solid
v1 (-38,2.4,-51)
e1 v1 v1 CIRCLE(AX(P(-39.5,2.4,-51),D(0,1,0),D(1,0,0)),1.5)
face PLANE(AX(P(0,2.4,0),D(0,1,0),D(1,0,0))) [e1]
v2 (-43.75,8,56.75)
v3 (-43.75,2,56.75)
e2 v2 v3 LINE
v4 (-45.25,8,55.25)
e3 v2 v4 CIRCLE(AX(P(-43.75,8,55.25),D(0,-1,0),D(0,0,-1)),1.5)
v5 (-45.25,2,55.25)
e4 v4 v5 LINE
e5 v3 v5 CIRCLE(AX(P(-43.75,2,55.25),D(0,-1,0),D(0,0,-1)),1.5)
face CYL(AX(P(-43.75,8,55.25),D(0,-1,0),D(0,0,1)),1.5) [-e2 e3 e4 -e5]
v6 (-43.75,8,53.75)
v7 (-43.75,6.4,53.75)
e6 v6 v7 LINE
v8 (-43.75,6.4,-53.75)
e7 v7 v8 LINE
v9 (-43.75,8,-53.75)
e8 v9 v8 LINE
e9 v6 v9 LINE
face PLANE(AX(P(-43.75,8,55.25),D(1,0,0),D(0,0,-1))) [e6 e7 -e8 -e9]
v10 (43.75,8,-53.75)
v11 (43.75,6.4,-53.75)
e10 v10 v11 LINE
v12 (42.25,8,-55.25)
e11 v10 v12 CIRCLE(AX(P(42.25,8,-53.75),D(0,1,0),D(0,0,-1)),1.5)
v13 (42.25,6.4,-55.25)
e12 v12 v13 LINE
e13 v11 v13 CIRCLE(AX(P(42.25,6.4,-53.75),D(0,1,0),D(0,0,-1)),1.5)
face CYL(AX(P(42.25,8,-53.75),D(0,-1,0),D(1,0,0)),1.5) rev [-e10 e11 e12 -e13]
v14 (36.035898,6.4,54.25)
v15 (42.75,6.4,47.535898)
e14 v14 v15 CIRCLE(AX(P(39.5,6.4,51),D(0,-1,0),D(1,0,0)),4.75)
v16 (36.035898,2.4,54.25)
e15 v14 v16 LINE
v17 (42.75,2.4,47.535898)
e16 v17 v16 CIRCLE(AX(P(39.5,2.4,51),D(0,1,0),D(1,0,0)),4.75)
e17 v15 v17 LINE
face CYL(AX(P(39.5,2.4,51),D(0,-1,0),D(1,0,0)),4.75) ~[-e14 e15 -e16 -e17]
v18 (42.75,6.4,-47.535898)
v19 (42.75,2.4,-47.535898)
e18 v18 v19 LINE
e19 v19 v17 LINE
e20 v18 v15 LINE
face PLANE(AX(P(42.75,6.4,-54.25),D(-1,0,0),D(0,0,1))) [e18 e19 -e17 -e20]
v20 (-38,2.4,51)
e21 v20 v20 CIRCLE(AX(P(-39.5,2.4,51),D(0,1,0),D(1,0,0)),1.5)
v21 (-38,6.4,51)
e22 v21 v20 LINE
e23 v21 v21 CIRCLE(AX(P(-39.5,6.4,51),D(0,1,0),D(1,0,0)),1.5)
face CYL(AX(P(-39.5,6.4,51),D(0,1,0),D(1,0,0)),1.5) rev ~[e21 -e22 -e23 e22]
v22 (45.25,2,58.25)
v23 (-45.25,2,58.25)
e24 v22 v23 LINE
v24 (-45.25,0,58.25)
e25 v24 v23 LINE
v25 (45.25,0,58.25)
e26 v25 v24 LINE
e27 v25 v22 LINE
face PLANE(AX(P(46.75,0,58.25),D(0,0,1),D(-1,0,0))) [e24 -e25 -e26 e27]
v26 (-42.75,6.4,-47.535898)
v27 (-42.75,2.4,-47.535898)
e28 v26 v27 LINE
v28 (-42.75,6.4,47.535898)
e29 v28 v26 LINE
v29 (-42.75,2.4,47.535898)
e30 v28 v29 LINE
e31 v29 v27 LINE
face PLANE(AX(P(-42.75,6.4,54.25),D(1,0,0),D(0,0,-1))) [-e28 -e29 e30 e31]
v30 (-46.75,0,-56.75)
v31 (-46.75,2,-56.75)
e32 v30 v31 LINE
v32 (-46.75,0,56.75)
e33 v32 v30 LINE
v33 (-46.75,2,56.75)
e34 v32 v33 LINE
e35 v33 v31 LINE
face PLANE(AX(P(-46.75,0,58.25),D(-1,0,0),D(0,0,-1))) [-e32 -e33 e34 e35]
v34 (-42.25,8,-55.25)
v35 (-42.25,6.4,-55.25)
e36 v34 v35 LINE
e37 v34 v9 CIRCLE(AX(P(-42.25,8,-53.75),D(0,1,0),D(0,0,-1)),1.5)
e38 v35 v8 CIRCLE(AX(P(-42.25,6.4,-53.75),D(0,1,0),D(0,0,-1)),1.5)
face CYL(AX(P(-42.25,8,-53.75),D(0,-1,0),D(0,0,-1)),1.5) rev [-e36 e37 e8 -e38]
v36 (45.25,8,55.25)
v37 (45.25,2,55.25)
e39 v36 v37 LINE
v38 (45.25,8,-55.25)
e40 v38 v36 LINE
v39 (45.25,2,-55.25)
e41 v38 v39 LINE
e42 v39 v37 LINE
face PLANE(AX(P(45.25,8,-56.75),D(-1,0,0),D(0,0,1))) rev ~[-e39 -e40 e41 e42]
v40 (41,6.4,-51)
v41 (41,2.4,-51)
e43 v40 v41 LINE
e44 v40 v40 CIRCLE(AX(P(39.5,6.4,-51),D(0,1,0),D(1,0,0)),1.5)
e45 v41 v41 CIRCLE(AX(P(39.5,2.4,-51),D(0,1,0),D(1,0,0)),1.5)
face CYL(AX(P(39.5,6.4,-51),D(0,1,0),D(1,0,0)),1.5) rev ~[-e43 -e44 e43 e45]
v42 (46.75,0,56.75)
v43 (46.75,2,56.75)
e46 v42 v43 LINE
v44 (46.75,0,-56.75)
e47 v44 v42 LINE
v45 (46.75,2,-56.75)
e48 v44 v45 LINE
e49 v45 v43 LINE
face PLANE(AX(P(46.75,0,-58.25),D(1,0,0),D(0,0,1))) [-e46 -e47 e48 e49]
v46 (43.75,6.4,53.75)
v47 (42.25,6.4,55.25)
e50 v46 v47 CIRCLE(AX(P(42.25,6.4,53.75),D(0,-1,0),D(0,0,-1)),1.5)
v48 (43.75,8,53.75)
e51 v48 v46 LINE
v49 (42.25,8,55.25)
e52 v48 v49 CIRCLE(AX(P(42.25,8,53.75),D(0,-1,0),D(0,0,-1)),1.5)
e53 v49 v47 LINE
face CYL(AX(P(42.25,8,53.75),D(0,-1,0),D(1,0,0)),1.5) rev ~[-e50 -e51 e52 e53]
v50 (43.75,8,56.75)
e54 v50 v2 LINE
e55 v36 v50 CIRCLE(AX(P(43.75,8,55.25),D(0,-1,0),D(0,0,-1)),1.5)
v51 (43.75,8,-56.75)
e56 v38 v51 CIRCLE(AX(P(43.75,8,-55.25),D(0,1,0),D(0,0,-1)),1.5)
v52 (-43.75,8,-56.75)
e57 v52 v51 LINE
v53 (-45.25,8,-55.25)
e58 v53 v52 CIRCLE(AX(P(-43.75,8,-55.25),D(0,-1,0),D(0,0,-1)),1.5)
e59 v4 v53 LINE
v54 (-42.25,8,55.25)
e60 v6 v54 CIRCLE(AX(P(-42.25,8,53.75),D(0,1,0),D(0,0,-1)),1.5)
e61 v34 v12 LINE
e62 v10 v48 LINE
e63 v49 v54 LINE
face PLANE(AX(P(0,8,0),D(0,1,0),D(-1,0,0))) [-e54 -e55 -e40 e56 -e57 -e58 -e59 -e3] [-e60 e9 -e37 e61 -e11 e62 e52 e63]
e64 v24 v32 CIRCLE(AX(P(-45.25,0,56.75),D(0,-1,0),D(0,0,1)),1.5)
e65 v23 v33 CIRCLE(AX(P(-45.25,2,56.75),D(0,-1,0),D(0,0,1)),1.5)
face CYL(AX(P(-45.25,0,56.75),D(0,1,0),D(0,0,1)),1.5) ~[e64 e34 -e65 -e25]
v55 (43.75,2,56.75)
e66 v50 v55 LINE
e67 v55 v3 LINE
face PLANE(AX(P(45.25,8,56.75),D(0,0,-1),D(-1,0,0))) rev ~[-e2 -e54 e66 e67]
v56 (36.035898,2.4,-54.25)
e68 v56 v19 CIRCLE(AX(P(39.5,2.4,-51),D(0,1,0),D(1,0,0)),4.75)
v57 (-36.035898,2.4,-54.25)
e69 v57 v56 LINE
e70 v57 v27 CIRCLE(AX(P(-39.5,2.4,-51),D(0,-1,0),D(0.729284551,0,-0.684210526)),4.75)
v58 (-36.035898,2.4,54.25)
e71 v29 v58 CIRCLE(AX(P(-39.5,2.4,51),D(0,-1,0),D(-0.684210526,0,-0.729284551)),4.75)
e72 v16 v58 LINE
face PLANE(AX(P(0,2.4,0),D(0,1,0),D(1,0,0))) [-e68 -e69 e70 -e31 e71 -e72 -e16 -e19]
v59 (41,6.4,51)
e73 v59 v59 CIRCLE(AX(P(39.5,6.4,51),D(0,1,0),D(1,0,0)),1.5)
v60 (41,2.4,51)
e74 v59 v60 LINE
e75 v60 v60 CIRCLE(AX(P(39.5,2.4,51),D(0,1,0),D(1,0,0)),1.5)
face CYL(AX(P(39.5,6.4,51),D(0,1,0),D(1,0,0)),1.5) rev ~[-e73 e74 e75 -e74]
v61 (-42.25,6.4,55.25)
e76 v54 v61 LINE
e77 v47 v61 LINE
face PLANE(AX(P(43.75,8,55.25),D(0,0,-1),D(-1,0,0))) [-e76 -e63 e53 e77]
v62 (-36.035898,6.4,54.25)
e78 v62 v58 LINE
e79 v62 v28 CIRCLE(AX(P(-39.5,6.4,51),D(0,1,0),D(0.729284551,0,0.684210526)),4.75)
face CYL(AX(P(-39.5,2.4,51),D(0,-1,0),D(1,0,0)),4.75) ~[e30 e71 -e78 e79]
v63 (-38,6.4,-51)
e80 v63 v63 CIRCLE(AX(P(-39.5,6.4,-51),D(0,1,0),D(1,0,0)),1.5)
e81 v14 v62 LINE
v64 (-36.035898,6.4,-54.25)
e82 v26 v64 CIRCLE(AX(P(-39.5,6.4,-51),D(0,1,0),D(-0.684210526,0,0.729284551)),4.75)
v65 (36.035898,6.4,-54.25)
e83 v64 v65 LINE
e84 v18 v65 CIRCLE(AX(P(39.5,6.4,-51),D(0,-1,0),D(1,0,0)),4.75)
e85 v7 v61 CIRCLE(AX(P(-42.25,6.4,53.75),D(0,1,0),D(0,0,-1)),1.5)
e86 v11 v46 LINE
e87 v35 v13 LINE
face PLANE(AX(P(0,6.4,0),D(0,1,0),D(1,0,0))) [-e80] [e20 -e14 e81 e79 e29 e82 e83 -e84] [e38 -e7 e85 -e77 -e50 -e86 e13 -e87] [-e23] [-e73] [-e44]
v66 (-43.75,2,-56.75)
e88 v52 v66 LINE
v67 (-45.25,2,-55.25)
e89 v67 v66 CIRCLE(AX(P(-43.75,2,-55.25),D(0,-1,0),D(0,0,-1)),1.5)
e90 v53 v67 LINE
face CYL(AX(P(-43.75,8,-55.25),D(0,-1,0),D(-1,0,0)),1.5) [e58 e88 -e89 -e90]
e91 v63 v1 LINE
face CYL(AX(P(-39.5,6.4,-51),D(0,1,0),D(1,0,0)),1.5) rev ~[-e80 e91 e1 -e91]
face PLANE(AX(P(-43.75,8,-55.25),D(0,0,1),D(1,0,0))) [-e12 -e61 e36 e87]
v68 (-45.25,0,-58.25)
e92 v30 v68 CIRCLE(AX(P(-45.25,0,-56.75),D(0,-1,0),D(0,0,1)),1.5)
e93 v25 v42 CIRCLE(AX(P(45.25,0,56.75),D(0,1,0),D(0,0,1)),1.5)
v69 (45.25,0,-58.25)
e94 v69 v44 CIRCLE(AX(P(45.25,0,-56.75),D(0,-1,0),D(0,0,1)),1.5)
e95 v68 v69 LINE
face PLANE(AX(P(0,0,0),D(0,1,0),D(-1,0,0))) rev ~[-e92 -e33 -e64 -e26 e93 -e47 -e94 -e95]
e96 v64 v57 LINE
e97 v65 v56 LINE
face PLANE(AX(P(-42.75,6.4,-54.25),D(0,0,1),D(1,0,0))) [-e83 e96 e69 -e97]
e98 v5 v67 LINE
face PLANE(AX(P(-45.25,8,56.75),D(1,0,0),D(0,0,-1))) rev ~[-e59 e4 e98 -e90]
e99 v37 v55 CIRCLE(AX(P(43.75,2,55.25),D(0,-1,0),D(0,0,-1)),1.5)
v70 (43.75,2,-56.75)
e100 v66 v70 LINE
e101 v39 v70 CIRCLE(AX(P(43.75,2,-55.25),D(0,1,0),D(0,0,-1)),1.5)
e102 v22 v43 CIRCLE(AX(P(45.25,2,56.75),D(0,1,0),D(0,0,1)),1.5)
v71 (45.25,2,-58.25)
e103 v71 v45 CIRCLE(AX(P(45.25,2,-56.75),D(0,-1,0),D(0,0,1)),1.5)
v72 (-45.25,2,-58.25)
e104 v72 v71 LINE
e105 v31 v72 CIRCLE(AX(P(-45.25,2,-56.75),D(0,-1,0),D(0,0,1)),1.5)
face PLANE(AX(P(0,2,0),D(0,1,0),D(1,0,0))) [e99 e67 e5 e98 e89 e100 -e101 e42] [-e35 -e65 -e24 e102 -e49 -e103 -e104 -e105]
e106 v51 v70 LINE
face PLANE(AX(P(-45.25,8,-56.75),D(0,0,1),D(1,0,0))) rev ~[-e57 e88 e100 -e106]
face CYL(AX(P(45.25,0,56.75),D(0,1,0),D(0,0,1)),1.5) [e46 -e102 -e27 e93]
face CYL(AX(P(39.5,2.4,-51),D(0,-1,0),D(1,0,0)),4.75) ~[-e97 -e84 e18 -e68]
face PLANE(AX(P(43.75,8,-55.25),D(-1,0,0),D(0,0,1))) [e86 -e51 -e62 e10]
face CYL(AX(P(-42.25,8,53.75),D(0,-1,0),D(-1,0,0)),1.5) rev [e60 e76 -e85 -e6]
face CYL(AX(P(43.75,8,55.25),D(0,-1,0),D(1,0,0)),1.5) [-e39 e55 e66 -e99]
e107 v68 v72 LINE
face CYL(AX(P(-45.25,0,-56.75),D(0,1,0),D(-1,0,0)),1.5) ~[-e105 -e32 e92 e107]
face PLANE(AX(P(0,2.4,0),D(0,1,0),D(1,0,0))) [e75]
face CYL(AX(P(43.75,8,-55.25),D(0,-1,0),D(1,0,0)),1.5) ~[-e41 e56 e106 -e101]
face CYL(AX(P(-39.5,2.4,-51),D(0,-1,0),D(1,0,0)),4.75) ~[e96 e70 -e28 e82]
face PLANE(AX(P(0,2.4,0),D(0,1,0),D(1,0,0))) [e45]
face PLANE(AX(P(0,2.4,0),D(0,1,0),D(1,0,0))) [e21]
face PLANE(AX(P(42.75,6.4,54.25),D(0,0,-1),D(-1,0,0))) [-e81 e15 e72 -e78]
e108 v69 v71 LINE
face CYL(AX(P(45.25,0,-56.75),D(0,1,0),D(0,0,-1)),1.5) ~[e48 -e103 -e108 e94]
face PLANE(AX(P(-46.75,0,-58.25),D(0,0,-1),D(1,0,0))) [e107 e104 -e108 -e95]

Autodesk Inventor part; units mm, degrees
ref_plane "YZ Plane" through (0, 0, 0) normal (1, 0, 0) x (0, 1, 0)
ref_plane "XZ Plane" through (0, 0, 0) normal (0, 1, 0) x (-1, 0, 0)
ref_plane "XY Plane" through (0, 0, 0) normal (0, 0, 1) x (1, 0, 0)
sketch "Sketch1" plane through (0, 0, 0) normal (0, 1, 0) x (-1, 0, 0)
  line L0 (-46.75, 58.25) -> (46.75, 58.25)
  line L1 (46.75, 58.25) -> (46.75, -58.25)
  line L2 (46.75, -58.25) -> (-46.75, -58.25)
  line L3 (-46.75, -58.25) -> (-46.75, 58.25)
  line L4 (-46.75, 58.25) -> (46.75, -58.25) construction
  line L5 (46.75, 58.25) -> (-46.75, -58.25) construction
  point P0 (0, 0)
  dimension "d0" = 116.5
  dimension "d1" = 93.5
extrude "Extrusion1" add sketch "Sketch1" along normal blind 8
sketch "Sketch2" plane through (0, 8, 0) normal (0, 1, 0) x (1, 0, 0)
  line L0 (43.75, -55.25) -> (-43.75, -55.25)
  line L1 (-43.75, -55.25) -> (-43.75, 55.25)
  line L2 (-43.75, 55.25) -> (43.75, 55.25)
  line L3 (43.75, 55.25) -> (43.75, -55.25)
  line L4 (43.75, -55.25) -> (-43.75, 55.25) construction
  line L5 (-43.75, -55.25) -> (43.75, 55.25) construction
  point P0 (0, 0)
  dimension "d4" = 110.5
  dimension "d5" = 87.5
extrude "Extrusion2" cut sketch "Sketch2" against normal blind 1.6
sketch "Sketch3" plane through (0, 6.4, 0) normal (0, 1, 0) x (1, 0, 0)
  line L0 (42.75, -54.25) -> (-42.75, -54.25)
  line L1 (-42.75, -54.25) -> (-42.75, 54.25)
  line L2 (-42.75, 54.25) -> (42.75, 54.25)
  line L3 (42.75, 54.25) -> (42.75, -54.25)
  line L4 (42.75, -54.25) -> (-42.75, 54.25) construction
  line L5 (-42.75, -54.25) -> (42.75, 54.25) construction
  point P0 (0, 0)
  dimension "d8" = 108.5
  dimension "d9" = 85.5
extrude "Extrusion3" cut sketch "Sketch3" against normal blind 4
sketch "Sketch4" plane through (0, 2.4, 0) normal (0, 1, 0) x (1, 0, 0)
  circle A0 centre (-39.5, -51) radius 4.75
  circle A1 centre (-39.5, 51) radius 4.75
  line L0 (42.75, -54.25) -> (-42.75, -54.25) projected
  circle A2 centre (39.5, -51) radius 4.75
  line L1 (42.75, 54.25) -> (42.75, -54.25) projected
  circle A3 centre (39.5, 51) radius 4.75
  line L2 (-42.75, -54.25) -> (-42.75, 54.25) projected
  line L3 (-43.75, -55.25) -> (-43.75, 55.25) projected
  line L4 (-43.75, 55.25) -> (43.75, 55.25) projected
  line L5 (43.75, -55.25) -> (-43.75, -55.25) projected
  point P0 (0, 0)
  point P1 (-42.75, 54.25)
  point P2 (-42.75, -47.5359)
  point P3 (-36.0359, -54.25)
  point P4 (42.75, -47.5359)
  point P5 (36.0359, -54.25)
  point P6 (41, 55.25)
  point P7 (41, -55.25)
  point P8 (-41, -55.25)
  point P9 (-41, 55.25)
  dimension "d12" = 9.5
  dimension "d13" = 9.5
  dimension "d14" = 102
  dimension "d17" = 9.5
  dimension "d20" = 79
  dimension "d21" = 9.5
  dimension "d22" = 102
  dimension "d23" = 79
  dimension "d42" = 4.25
  dimension "d43" = 4.25
  dimension "d44" = 4.25
  dimension "d45" = 4.25
extrude "Extrusion4" add sketch "Sketch4" along normal blind 4 contours A0 L0 L2 | L2 L0 A0 L5 L3 | L3 A0 | A1 L3 L4 | A0 L5 | A2 L1 L0 | L0 L1 A2 L5 | A1 L3 | L5 A2 | L4 A1 | A3 L4 | A3 L4 picked at (-38.9284, 52.0845)
sketch "Sketch5" plane through (0, 6.4, 0) normal (0, 1, 0) x (1, 0, 0)
  arc A0 (-36.0359, -54.25) -> (-42.75, -47.5359) centre (-39.5, -51) ccw projected
  circle A1 centre (-39.5, -51) radius 1.5
  arc A2 (-42.75, 47.5359) -> (-36.0359, 54.25) centre (-39.5, 51) ccw projected
  circle A3 centre (-39.5, 51) radius 1.5
  arc A4 (36.0359, 54.25) -> (42.75, 47.5359) centre (39.5, 51) ccw projected
  circle A5 centre (39.5, 51) radius 1.5
  arc A6 (42.75, -47.5359) -> (36.0359, -54.25) centre (39.5, -51) ccw projected
  circle A7 centre (39.5, -51) radius 1.5
  point P0 (0, 0)
  point P1 (-41.8318, -54.25)
  dimension "d27" = 3
  dimension "d28" = 3
  dimension "d29" = 3
  dimension "d30" = 3
extrude "Extrusion5" cut sketch "Sketch5" against normal blind 4
fillet "Fillet1" radius 1.5 4 edges at (-43.75, 7.2, 55.25) (-43.75, 7.2, -55.25) (43.75, 7.2, 55.25) (43.75, 7.2, -55.25)
sketch "Sketch6" plane through (0, 8, 0) normal (0, 1, 0) x (1, 0, 0)
  line L0 (45.25, -56.75) -> (-45.25, -56.75)
  line L1 (-45.25, -56.75) -> (-45.25, 56.75)
  line L2 (-45.25, 56.75) -> (45.25, 56.75)
  line L3 (45.25, 56.75) -> (45.25, -56.75)
  line L4 (45.25, -56.75) -> (-45.25, 56.75) construction
  line L5 (-45.25, -56.75) -> (45.25, 56.75) construction
  line L6 (50, -69.25) -> (-50, -69.25)
  line L7 (-50, -69.25) -> (-50, 69.25)
  line L8 (-50, 69.25) -> (50, 69.25)
  line L9 (50, 69.25) -> (50, -69.25)
  line L10 (50, -69.25) -> (-50, 69.25) construction
  line L11 (-50, -69.25) -> (50, 69.25) construction
  point P0 (0, 0)
  dimension "d35" = 113.5
  dimension "d36" = 90.5
  dimension "d37" = 138.5
  dimension "d38" = 100
extrude "Extrusion6" cut sketch "Sketch6" against normal blind 6
fillet "Fillet3" radius 1.5 8 edges at (45.25, 5, 56.75) (46.75, 1, 58.25) (45.25, 5, -56.75) (46.75, 1, -58.25) (-45.25, 5, -56.75) (-46.75, 1, -58.25) (-45.25, 5, 56.75) (-46.75, 1, 58.25)
properties part number "BoardMount"
